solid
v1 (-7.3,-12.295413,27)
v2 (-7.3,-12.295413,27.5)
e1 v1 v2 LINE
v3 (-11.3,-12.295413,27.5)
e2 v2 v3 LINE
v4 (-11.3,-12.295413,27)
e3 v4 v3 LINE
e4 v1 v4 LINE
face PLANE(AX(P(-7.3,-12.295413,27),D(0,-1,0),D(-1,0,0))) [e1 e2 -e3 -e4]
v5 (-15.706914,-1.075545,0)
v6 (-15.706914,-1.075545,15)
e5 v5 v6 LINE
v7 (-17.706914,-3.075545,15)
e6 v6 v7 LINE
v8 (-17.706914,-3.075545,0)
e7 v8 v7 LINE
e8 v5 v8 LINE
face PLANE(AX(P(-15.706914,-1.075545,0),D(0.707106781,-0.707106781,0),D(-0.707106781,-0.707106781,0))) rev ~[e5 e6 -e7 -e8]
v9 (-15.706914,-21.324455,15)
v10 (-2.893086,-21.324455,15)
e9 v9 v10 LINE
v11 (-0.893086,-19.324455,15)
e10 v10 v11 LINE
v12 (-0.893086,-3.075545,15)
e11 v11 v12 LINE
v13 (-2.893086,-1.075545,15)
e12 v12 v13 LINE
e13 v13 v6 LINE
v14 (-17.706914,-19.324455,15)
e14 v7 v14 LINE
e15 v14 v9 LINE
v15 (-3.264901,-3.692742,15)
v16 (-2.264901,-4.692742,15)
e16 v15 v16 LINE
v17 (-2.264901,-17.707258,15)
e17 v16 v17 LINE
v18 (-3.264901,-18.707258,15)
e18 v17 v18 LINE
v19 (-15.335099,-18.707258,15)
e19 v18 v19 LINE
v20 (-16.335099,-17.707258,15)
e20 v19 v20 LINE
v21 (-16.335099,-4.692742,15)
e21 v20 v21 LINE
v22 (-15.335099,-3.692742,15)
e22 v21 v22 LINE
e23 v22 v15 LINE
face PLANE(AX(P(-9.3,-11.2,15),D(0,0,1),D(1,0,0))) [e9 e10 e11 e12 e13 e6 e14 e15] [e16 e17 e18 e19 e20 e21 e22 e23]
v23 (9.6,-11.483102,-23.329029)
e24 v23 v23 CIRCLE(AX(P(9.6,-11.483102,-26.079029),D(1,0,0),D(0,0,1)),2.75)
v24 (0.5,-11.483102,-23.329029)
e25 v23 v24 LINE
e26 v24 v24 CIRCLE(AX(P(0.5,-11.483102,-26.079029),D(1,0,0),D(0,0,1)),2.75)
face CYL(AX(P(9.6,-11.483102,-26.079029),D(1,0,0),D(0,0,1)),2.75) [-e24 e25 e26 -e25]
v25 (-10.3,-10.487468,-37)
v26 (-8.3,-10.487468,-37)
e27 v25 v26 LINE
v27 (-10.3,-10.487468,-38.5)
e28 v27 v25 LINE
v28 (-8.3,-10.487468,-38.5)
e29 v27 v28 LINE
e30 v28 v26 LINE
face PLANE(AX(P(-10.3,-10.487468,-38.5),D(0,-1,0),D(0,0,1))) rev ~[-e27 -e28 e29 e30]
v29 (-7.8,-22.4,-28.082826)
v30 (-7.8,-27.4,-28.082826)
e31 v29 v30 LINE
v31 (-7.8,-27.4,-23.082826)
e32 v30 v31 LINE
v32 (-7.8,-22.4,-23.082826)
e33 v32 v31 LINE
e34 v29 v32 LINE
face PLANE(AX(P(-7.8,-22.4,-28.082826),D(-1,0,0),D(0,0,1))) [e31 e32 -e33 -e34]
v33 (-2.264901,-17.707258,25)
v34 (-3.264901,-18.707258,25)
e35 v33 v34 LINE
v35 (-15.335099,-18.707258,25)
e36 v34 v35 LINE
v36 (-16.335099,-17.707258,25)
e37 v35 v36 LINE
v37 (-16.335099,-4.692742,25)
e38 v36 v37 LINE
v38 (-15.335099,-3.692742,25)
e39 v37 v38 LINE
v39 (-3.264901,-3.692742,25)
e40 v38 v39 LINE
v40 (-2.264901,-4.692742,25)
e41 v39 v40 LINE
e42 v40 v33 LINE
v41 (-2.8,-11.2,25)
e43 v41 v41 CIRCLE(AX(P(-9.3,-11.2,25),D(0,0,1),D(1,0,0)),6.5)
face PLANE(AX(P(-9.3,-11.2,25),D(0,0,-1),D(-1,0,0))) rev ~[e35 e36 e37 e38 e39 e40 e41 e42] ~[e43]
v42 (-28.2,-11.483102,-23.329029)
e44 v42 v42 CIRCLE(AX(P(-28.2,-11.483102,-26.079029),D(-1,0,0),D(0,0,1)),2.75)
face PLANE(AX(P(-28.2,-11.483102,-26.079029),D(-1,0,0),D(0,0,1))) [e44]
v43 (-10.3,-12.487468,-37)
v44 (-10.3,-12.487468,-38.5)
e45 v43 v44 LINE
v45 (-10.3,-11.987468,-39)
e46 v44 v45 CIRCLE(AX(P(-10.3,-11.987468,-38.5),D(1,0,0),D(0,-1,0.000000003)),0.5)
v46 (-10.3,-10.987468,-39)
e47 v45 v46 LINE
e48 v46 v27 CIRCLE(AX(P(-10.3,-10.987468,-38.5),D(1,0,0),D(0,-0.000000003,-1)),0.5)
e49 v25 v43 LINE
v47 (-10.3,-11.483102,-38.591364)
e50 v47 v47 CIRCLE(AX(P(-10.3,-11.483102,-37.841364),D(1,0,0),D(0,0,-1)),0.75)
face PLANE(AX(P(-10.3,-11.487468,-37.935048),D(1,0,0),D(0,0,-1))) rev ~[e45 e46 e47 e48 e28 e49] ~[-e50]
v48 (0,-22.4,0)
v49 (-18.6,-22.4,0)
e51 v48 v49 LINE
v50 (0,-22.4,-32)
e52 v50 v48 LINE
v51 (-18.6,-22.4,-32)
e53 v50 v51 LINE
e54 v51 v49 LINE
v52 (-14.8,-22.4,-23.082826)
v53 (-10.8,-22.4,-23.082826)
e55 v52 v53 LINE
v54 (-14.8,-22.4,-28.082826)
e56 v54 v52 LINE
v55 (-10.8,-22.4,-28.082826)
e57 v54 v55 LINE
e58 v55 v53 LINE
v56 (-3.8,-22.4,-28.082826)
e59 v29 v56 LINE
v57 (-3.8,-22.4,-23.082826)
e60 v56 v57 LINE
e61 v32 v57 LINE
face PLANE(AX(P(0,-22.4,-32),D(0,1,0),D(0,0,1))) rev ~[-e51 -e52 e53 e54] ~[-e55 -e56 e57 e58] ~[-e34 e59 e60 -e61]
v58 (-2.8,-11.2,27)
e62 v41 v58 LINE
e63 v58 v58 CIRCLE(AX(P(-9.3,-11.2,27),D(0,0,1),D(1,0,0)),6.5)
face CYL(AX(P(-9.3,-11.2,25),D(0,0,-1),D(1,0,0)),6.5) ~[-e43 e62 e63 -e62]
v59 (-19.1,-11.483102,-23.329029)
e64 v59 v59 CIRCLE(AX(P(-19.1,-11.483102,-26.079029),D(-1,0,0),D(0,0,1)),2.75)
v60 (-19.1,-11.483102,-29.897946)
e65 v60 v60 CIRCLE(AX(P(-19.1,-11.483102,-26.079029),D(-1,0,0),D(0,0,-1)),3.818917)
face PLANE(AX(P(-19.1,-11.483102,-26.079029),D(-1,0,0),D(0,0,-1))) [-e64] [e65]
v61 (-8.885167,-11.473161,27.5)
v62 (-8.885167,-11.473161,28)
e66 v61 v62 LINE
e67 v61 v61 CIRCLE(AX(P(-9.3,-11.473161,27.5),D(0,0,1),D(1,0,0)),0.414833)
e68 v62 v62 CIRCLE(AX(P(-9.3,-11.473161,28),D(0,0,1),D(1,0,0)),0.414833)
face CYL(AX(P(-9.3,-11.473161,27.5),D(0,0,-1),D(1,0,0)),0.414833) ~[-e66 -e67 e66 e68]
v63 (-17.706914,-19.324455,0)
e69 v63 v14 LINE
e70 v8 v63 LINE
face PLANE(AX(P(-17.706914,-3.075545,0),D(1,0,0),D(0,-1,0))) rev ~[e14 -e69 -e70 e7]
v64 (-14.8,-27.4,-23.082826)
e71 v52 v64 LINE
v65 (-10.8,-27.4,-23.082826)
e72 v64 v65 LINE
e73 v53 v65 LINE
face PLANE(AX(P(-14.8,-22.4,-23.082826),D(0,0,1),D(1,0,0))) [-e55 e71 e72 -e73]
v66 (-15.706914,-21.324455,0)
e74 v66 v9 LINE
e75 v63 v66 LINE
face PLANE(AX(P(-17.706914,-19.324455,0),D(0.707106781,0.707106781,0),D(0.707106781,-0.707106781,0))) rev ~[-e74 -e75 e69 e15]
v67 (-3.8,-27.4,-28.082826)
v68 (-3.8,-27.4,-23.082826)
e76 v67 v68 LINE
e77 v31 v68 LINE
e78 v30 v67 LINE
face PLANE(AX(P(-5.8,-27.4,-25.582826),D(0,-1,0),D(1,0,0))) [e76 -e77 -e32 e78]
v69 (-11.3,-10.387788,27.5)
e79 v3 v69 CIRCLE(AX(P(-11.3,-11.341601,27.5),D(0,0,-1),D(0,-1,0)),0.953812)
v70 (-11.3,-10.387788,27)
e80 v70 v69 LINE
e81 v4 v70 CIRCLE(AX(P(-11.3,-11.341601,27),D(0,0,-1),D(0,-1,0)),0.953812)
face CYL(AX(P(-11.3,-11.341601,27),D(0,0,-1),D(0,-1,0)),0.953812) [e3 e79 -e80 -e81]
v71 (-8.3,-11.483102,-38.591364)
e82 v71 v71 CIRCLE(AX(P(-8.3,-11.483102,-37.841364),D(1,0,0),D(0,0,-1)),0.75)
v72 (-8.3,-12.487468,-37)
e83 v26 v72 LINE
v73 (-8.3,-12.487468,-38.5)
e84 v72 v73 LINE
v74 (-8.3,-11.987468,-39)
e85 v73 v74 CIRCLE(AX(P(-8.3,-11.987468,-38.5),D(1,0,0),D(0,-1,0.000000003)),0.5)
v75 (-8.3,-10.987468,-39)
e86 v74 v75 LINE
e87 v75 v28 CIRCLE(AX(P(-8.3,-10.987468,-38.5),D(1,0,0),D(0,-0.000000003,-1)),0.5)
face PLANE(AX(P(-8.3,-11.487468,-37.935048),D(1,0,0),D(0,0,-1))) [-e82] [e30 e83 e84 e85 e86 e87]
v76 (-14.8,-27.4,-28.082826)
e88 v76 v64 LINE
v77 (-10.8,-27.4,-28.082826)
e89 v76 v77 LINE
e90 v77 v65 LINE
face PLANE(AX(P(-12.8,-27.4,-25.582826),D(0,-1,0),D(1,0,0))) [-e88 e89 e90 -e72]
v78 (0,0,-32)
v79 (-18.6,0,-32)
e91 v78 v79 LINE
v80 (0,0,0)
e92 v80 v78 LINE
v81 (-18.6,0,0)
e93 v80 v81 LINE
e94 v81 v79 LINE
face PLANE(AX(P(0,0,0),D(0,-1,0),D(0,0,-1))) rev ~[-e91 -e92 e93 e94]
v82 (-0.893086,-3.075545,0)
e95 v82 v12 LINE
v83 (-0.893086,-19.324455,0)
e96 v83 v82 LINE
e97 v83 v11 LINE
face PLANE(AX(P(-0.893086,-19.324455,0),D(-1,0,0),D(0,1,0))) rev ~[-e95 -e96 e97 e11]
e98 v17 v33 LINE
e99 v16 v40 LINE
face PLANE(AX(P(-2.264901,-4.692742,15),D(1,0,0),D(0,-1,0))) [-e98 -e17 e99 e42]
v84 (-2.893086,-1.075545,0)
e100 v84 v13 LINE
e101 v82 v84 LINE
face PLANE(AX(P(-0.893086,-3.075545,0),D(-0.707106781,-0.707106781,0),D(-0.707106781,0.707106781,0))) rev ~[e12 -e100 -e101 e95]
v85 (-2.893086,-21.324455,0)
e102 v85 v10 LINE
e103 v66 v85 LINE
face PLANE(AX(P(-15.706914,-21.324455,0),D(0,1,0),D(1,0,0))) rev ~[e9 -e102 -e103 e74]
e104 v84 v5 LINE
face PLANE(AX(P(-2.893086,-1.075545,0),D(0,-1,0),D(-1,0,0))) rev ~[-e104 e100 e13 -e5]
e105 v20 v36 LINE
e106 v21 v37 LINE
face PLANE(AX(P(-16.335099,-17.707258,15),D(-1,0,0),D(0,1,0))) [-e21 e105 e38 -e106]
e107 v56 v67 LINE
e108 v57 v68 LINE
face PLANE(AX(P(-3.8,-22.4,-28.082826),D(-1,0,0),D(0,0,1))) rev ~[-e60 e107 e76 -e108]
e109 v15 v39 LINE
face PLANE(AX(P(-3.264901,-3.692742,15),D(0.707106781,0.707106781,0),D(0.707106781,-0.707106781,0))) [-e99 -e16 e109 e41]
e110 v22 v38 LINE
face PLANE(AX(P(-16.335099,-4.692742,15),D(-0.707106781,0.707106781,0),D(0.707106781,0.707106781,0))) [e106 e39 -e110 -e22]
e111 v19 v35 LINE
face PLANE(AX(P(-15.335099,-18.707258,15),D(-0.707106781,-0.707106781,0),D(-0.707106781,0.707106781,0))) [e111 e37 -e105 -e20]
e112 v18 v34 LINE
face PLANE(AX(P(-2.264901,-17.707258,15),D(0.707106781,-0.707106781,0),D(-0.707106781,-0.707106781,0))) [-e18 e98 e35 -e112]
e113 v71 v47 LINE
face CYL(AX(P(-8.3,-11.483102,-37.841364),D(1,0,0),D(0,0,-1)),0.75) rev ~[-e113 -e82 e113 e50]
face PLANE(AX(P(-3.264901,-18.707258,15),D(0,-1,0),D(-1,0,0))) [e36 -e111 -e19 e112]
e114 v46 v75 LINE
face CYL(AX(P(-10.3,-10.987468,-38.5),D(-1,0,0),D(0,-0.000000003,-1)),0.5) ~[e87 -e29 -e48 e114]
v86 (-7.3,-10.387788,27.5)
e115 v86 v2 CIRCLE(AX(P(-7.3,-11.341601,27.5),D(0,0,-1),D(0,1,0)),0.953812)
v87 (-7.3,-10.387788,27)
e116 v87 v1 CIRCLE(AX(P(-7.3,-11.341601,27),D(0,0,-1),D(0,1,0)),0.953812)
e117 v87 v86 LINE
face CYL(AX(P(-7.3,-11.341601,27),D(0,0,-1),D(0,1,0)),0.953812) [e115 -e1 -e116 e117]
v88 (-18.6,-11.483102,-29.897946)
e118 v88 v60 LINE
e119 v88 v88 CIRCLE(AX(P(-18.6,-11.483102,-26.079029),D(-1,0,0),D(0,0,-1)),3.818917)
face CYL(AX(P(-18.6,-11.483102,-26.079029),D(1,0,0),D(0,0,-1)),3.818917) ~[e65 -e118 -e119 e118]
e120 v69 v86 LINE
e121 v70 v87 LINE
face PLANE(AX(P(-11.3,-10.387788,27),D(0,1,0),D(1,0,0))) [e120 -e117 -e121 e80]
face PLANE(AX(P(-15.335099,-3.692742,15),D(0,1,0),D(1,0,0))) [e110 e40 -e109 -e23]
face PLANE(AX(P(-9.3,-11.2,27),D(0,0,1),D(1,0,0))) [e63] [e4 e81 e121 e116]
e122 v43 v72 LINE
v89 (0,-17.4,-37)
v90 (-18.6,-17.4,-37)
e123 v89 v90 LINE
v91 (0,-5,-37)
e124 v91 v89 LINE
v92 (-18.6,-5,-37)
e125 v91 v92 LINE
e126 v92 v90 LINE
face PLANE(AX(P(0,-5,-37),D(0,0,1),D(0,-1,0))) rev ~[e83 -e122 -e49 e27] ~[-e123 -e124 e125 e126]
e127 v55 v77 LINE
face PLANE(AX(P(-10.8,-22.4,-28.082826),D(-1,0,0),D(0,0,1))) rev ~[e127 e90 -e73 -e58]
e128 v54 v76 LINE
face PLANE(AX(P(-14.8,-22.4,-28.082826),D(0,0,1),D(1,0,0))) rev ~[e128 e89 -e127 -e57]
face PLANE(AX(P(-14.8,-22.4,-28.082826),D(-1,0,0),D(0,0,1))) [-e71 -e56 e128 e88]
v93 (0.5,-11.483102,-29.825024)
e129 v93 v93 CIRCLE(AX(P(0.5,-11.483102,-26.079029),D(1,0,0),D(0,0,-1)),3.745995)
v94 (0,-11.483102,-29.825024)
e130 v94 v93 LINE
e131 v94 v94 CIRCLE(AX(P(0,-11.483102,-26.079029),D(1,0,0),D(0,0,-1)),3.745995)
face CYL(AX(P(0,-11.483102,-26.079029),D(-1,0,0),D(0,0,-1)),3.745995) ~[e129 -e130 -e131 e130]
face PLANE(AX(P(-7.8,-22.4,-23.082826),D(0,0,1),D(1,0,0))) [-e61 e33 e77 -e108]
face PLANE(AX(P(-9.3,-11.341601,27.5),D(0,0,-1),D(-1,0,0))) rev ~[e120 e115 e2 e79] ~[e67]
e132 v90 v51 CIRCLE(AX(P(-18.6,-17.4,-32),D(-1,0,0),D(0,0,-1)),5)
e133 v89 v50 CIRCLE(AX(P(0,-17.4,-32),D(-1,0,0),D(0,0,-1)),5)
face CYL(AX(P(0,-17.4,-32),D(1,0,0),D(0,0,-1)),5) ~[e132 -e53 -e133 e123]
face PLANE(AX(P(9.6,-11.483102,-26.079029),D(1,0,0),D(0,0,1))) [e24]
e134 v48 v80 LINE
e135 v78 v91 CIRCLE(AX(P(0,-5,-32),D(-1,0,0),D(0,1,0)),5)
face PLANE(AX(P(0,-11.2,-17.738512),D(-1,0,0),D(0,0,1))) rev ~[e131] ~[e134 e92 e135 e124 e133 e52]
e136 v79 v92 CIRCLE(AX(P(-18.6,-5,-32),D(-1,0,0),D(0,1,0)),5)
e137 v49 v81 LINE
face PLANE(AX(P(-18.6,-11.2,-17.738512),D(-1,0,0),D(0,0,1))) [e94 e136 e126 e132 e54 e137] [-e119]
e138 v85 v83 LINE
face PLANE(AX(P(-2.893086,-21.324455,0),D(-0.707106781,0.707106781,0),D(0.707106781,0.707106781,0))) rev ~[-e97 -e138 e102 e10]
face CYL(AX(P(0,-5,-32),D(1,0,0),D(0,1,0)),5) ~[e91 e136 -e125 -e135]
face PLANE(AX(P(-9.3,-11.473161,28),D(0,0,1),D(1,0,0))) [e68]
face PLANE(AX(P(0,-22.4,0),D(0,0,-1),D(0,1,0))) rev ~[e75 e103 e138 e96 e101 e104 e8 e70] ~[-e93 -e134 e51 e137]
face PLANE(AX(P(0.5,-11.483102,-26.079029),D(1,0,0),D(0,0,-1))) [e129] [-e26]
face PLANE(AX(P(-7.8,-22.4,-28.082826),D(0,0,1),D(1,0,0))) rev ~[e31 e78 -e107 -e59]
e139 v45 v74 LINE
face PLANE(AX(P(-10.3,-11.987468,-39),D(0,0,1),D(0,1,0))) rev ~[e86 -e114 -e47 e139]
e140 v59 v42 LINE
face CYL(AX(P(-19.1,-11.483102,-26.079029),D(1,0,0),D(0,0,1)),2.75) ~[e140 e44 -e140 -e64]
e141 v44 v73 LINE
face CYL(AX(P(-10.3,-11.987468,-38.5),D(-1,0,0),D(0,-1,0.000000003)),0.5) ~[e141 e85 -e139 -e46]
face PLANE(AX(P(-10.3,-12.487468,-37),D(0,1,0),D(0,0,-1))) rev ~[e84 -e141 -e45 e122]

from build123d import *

# Parameters (mm, degrees)
BOSS_EXTRUDE2_DEPTH      = 18.6
BOSS_EXTRUDE3_DEPTH      = 1
BOSS_EXTRUDE3_DEPTH_BACK = 1
SKETCH4_R                = 0.75
CUT_EXTRUDE1_DEPTH       = 47.139462502
BOSS_EXTRUDE5_DEPTH      = 15
BOSS_EXTRUDE6_DEPTH      = 10
SKETCH7_R                = 6.5
BOSS_EXTRUDE7_DEPTH      = 2
BOSS_EXTRUDE8_DEPTH      = 0.5
SKETCH9_R                = 0.414833025
BOSS_EXTRUDE9_DEPTH      = 0.5
SKETCH11_R               = 3.745995244
BOSS_EXTRUDE10_DEPTH     = 0.5
SKETCH13_R               = 3.818916781
BOSS_EXTRUDE11_DEPTH     = 0.5
SKETCH14_R               = 2.75
BOSS_EXTRUDE12_DEPTH     = 9.1
BOSS_EXTRUDE13_START     = 9.1
SKETCH12_R               = 2.75
BOSS_EXTRUDE13_DEPTH     = 9.1
SKETCH15_W               = 4
SKETCH15_H               = 5
BOSS_EXTRUDE14_DEPTH     = 5


with BuildPart() as part:
    # Sketch2 → Boss-Extrude2 (new body)
    with BuildSketch(Plane(origin=(0, 0, 0), x_dir=(0, 0, -1), z_dir=(1, 0, 0))):
        with BuildLine():
            Line((0, 0), (32, 0))
            ThreePointArc((32, 0), (35.535533906, -1.464466094), (37, -5))
            Line((37, -5), (37, -17.4))
            ThreePointArc((37, -17.4), (35.535533906, -20.935533906), (32, -22.4))
            Line((32, -22.4), (0, -22.4))
            Line((0, -22.4), (0, 0))
        make_face()
    extrude(amount=-BOSS_EXTRUDE2_DEPTH)

    # Sketch3 → Boss-Extrude3 (add, two sides: drawn at the far end of the back side and taken through both)
    with BuildSketch(Plane(origin=(-9.3, 0, 0), x_dir=(0, 0, -1), z_dir=(1, 0, 0)).offset(-BOSS_EXTRUDE3_DEPTH_BACK)):
        with BuildLine():
            Line((39, -11.987468366), (39, -10.987468366))
            ThreePointArc((39, -10.987468366), (38.853553391, -10.633914975), (38.5, -10.487468366))
            Line((38.5, -10.487468366), (37, -10.487468366))
            Line((37, -10.487468366), (37, -12.487468366))
            Line((37, -12.487468366), (38.5, -12.487468366))
            ThreePointArc((38.5, -12.487468366), (38.853553391, -12.341021757), (39, -11.987468366))
        make_face()
    extrude(amount=BOSS_EXTRUDE3_DEPTH + BOSS_EXTRUDE3_DEPTH_BACK)

    # Sketch4 → Cut-Extrude1 (cut, through all)
    with BuildSketch(Plane(origin=(-8.3, 0, 0), x_dir=(0, 0, -1), z_dir=(1, 0, 0))):
        with Locations((37.841364182, -11.483102308)):
            Circle(SKETCH4_R)
    extrude(amount=-CUT_EXTRUDE1_DEPTH, mode=Mode.SUBTRACT)

    # Sketch5 → Boss-Extrude5 (add)
    with BuildSketch(Plane.XY):
        Polygon((-15.706913813, -21.324455345), (-2.893086187, -21.324455345), (-0.893086187, -19.324455345), (-0.893086187, -3.075544655), (-2.893086187, -1.075544655), (-15.706913813, -1.075544655), (-17.706913813, -3.075544655), (-17.706913813, -19.324455345), align=None)
    extrude(amount=BOSS_EXTRUDE5_DEPTH)

    # Sketch6 → Boss-Extrude6 (add)
    with BuildSketch(Plane.XY.offset(15)):
        Polygon((-15.335098918, -3.69274237), (-3.264901082, -3.69274237), (-2.264901082, -4.69274237), (-2.264901082, -17.70725763), (-3.264901082, -18.70725763), (-15.335098918, -18.70725763), (-16.335098918, -17.70725763), (-16.335098918, -4.69274237), align=None)
    extrude(amount=BOSS_EXTRUDE6_DEPTH)

    # Sketch7 → Boss-Extrude7 (add)
    with BuildSketch(Plane.XY.offset(25)):
        with Locations((-9.3, -11.2)):
            Circle(SKETCH7_R)
    extrude(amount=BOSS_EXTRUDE7_DEPTH)

    # Sketch8 → Boss-Extrude8 (add)
    with BuildSketch(Plane.XY.offset(27)):
        with BuildLine():
            Line((-11.3, -10.387788461), (-7.3, -10.387788461))
            ThreePointArc((-7.3, -10.387788461), (-6.346187608, -11.341600853), (-7.3, -12.295413245))
            Line((-7.3, -12.295413245), (-11.3, -12.295413245))
            ThreePointArc((-11.3, -12.295413245), (-12.253812392, -11.341600853), (-11.3, -10.387788461))
        make_face()
    extrude(amount=BOSS_EXTRUDE8_DEPTH)

    # Sketch9 → Boss-Extrude9 (add)
    with BuildSketch(Plane.XY.offset(27.5)):
        with Locations((-9.3, -11.473161183)):
            Circle(SKETCH9_R)
    extrude(amount=BOSS_EXTRUDE9_DEPTH)

    # Sketch11 → Boss-Extrude10 (add)
    with BuildSketch(Plane(origin=(0, 0, 0), x_dir=(0, 0, -1), z_dir=(1, 0, 0))):
        with Locations((26.079029107, -11.483102308)):
            Circle(SKETCH11_R)
    extrude(amount=BOSS_EXTRUDE10_DEPTH)

    # Sketch13 → Boss-Extrude11 (add)
    with BuildSketch(Plane.ZY.offset(18.6)):
        with Locations(Location((-26.079029107, -11.483102308, 0), (0, 0, 180))):
            Circle(SKETCH13_R)
    extrude(amount=BOSS_EXTRUDE11_DEPTH)

    # Sketch14 → Boss-Extrude12 (add)
    with BuildSketch(Plane.ZY.offset(19.1)):
        with Locations((-26.079029107, -11.483102308)):
            Circle(SKETCH14_R)
    extrude(amount=BOSS_EXTRUDE12_DEPTH)

    # Sketch12 → Boss-Extrude13 (add)
    with BuildSketch(Plane(origin=(0.5, 0, 0), x_dir=(0, 0, -1), z_dir=(1, 0, 0)).offset(BOSS_EXTRUDE13_START)):
        with Locations(Location((26.079029107, -11.483102308, 0), (0, 0, 180))):
            Circle(SKETCH12_R)
    extrude(amount=-BOSS_EXTRUDE13_DEPTH)

    # Sketch15 → Boss-Extrude14 (add)
    with BuildSketch(Plane.XZ.offset(22.4)):
        with Locations((-5.8, -25.582825972)):
            Rectangle(SKETCH15_W, SKETCH15_H)
        with Locations((-12.8, -25.582825972)):
            Rectangle(SKETCH15_W, SKETCH15_H)
    extrude(amount=BOSS_EXTRUDE14_DEPTH)


solid = part.part
